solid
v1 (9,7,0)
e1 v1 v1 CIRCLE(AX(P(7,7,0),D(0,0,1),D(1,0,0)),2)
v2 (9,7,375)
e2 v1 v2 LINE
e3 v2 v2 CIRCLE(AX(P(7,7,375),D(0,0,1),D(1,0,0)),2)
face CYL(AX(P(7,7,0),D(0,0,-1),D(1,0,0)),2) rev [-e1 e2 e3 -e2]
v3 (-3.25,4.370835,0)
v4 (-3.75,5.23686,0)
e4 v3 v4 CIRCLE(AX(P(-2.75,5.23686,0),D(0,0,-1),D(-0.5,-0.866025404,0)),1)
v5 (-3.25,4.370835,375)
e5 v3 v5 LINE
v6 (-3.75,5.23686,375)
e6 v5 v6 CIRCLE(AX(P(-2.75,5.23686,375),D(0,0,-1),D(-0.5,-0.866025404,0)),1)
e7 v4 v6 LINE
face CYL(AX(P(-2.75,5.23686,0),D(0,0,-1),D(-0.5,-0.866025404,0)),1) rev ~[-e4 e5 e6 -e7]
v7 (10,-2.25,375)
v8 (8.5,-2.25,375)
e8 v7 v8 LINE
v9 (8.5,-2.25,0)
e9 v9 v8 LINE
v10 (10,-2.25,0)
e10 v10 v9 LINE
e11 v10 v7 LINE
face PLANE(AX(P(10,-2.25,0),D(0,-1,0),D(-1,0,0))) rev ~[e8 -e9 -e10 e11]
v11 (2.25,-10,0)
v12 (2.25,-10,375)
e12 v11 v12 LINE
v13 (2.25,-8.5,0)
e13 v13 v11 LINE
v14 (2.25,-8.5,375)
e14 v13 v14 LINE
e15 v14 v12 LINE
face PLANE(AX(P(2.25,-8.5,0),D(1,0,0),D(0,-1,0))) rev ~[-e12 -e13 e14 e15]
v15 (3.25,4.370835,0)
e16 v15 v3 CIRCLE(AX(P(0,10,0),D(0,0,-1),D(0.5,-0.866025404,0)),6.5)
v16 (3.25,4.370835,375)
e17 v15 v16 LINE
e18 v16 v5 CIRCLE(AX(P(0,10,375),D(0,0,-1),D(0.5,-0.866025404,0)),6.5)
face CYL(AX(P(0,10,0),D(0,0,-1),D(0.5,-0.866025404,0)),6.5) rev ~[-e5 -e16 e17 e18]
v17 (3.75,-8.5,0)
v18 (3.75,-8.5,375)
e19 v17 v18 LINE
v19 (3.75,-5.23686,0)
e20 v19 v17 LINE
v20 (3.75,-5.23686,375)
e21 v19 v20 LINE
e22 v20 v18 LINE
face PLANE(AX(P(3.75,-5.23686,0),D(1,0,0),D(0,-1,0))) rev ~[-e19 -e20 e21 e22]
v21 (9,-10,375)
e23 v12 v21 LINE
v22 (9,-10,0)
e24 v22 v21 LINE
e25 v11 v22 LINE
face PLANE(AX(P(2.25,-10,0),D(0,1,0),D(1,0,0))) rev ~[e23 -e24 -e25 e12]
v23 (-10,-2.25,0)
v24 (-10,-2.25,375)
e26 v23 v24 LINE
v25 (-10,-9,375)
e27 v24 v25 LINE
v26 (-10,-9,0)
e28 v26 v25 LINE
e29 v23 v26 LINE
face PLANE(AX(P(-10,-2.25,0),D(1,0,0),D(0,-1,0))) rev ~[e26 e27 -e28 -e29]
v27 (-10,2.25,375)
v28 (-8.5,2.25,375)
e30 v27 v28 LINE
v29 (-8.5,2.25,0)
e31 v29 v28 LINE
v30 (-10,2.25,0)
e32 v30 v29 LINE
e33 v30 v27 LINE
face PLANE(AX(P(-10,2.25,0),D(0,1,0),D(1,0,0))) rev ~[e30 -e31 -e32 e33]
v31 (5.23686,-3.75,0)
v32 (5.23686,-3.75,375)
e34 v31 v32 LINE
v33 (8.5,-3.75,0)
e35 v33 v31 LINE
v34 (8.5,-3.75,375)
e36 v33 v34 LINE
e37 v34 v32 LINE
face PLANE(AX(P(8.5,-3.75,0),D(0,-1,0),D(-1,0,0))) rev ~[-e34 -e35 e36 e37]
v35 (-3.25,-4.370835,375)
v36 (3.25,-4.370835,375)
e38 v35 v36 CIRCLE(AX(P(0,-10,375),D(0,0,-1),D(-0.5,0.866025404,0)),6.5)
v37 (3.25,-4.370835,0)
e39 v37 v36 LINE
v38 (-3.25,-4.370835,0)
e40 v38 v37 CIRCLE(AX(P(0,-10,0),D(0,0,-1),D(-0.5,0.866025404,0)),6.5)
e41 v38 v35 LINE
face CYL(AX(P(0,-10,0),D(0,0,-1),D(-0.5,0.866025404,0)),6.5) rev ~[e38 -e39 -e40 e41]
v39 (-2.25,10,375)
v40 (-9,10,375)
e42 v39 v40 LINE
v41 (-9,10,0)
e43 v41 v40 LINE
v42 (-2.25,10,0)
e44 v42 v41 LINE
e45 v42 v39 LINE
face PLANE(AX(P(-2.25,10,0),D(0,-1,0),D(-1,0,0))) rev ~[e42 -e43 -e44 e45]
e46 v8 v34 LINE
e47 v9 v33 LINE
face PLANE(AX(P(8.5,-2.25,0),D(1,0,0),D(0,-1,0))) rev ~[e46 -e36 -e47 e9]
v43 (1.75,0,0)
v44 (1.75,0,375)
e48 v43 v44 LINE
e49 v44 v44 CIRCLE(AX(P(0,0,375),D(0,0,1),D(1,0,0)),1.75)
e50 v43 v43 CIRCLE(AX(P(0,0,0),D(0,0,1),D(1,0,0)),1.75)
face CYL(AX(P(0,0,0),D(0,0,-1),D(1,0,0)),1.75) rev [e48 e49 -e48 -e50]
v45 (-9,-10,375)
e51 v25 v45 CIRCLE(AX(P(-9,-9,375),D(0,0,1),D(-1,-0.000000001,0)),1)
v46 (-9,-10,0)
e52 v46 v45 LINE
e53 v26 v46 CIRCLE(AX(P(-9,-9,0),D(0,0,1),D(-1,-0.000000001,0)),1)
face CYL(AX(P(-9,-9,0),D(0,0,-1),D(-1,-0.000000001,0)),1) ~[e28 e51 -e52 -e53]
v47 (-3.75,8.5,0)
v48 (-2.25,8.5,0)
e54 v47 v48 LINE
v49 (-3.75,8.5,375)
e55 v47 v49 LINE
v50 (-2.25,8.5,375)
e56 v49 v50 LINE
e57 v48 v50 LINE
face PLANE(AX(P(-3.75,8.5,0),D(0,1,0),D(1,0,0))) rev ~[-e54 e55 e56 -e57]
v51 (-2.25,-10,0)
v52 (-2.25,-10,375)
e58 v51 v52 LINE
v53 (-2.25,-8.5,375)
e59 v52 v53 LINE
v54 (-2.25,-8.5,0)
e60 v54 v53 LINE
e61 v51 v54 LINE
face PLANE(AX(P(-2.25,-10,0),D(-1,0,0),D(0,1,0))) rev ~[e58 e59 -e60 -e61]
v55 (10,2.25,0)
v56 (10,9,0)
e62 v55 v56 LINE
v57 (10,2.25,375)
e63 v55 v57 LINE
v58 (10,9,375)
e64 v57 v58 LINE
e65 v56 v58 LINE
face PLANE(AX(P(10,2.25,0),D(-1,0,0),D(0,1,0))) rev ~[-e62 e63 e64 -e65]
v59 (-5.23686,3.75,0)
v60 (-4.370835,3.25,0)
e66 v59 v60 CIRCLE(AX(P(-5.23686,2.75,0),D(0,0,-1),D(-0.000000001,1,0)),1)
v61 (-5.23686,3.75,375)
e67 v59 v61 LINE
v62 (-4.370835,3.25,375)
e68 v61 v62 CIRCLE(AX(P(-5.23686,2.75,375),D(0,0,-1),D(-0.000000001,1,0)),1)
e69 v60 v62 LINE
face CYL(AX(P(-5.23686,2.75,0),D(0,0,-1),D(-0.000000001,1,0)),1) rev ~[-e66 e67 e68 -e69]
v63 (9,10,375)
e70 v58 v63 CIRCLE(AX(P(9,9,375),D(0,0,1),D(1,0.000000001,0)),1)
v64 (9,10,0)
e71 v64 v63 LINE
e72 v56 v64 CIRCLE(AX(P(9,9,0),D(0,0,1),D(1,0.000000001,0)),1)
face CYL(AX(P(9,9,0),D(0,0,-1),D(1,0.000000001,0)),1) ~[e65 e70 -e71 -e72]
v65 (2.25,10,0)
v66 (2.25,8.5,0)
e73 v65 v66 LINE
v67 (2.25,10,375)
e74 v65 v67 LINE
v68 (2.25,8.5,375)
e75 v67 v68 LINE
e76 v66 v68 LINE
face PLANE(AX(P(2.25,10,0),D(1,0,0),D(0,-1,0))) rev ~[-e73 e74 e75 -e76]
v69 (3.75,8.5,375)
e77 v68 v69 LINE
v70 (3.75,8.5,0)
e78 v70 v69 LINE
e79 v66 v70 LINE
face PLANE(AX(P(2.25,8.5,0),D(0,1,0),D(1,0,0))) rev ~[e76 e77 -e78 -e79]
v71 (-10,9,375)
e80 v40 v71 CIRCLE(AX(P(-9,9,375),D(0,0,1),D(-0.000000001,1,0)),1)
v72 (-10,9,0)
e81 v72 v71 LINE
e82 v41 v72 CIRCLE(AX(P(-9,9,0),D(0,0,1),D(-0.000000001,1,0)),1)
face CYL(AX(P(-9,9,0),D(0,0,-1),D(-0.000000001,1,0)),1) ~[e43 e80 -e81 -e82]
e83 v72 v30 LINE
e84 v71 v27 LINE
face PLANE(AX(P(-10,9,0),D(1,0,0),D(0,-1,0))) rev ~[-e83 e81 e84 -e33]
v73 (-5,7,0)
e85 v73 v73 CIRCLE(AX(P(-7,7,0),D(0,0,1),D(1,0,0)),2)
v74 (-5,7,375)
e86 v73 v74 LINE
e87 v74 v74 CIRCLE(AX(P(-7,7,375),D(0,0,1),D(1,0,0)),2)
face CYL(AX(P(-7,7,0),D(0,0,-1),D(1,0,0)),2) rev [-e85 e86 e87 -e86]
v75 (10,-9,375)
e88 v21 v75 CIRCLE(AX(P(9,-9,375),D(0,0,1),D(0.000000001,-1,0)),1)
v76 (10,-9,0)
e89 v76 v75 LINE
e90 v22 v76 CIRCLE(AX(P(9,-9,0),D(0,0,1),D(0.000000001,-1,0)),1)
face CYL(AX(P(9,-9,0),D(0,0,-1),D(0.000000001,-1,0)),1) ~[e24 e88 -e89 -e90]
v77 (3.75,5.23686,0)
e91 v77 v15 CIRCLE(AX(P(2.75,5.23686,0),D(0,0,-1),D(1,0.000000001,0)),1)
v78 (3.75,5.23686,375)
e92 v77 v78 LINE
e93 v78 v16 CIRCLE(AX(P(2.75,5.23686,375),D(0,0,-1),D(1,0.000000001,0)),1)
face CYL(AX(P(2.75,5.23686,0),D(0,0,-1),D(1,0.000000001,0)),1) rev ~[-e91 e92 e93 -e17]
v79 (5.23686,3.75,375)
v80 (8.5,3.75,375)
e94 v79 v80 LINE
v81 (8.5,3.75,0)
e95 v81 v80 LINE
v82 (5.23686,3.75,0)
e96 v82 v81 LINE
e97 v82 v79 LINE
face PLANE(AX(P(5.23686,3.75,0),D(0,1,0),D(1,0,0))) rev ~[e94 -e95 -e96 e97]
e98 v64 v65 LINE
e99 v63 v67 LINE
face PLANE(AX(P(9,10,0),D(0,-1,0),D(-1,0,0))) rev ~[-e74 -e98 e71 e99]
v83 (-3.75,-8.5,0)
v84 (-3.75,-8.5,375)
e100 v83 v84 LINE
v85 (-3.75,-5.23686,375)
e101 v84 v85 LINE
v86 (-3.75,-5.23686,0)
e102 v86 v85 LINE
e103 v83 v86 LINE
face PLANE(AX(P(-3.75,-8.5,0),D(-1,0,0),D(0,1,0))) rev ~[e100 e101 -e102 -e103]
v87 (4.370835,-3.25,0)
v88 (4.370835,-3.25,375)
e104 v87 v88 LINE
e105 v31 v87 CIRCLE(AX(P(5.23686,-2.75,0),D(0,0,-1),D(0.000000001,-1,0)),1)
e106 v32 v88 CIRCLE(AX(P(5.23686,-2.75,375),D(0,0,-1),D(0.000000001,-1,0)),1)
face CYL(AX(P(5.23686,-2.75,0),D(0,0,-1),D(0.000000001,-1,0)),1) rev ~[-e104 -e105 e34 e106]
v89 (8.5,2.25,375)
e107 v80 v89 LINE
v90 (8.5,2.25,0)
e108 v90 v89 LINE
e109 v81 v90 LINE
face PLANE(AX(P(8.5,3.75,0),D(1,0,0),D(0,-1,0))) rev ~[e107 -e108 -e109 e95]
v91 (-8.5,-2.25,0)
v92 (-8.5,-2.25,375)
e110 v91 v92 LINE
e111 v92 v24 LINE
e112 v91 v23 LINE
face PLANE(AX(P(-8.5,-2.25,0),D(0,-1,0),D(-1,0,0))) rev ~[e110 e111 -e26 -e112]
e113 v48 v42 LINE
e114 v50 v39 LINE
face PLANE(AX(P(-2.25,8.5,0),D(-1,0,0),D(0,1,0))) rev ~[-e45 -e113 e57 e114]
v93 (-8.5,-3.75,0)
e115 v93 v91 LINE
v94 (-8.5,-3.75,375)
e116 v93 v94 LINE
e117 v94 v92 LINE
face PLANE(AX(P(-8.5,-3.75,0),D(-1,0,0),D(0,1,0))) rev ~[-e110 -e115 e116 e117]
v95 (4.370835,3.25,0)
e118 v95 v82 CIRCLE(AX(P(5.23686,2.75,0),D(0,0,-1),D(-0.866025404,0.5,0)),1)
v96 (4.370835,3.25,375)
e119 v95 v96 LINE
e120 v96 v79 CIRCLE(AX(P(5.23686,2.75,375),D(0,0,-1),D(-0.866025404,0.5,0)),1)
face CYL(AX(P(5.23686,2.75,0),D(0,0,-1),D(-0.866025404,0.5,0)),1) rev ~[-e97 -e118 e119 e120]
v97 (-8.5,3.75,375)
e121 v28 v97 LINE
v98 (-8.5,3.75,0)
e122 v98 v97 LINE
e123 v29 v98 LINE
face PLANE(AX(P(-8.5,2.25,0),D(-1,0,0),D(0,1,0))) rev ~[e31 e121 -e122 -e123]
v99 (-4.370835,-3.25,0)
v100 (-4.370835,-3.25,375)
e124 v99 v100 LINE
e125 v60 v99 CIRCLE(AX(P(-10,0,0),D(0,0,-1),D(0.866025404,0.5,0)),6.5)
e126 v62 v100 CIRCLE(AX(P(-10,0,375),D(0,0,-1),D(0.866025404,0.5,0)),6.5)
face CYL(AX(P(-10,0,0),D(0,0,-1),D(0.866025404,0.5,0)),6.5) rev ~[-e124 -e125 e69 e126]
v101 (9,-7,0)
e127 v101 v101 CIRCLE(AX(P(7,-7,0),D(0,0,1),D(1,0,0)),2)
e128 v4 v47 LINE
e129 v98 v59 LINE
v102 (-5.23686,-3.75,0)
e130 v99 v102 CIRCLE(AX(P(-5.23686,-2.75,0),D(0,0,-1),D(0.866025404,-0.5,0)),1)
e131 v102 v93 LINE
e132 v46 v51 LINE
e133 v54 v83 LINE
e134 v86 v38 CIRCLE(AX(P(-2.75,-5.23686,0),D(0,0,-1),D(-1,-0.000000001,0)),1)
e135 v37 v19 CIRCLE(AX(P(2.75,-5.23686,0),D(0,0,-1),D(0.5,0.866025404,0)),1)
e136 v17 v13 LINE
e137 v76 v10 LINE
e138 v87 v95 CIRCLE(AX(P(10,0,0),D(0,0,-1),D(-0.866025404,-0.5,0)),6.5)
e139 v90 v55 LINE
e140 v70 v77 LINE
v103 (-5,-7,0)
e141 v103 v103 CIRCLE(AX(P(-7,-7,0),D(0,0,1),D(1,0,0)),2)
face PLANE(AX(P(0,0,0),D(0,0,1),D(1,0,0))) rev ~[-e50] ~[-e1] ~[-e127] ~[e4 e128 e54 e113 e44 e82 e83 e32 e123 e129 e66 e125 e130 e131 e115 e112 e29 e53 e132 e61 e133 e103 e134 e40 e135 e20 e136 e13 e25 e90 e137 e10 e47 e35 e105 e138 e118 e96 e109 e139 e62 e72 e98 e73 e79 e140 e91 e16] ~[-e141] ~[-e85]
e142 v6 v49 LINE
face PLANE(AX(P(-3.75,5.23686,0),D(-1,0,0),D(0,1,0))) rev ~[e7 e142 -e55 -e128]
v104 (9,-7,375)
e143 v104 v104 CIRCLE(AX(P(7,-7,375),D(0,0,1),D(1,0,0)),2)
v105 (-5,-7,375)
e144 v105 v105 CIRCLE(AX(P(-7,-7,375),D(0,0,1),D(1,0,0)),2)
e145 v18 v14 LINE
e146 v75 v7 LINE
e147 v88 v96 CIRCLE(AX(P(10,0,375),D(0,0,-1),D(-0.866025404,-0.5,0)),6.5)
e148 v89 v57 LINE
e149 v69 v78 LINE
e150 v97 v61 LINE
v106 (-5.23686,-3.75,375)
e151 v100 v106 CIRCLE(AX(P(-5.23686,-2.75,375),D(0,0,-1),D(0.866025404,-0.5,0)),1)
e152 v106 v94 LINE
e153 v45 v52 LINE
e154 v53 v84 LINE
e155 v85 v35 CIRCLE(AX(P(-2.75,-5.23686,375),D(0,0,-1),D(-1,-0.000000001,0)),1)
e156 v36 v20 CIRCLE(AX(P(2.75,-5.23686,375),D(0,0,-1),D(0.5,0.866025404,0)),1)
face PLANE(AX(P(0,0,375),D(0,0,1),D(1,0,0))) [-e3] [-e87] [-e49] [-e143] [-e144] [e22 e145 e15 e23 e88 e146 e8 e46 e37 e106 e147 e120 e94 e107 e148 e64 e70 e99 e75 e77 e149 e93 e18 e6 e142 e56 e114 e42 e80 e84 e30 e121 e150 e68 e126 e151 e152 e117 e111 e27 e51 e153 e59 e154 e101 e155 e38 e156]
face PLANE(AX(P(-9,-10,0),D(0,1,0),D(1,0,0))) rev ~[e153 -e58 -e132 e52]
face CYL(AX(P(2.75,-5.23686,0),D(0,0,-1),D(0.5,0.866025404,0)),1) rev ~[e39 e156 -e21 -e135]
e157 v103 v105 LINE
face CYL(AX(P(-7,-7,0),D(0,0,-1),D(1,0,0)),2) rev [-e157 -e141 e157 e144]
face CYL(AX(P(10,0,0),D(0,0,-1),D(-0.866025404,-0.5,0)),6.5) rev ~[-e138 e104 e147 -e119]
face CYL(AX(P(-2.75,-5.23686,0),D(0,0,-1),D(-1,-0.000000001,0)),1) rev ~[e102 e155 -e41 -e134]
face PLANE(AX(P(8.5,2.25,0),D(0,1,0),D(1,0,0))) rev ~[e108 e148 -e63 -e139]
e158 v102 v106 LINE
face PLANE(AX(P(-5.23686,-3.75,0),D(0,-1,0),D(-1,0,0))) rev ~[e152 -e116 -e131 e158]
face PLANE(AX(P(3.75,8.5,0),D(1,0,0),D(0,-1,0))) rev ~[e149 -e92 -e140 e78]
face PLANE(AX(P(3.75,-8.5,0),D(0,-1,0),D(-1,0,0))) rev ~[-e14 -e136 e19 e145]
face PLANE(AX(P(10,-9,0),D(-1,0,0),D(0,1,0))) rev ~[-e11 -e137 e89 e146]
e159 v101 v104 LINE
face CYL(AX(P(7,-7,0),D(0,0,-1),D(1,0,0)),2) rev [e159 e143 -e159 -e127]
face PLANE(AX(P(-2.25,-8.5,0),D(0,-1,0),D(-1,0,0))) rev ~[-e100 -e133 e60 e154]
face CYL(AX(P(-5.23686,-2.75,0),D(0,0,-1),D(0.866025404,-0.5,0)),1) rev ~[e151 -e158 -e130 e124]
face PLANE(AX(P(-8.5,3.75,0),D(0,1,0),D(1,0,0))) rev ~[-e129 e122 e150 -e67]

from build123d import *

# Parameters (mm, degrees)
SKETCH1_R           = 2
SKETCH1_R_2         = 1.75
BOSS_EXTRUDE1_DEPTH = 375


with BuildPart() as part:
    # Sketch1 → Boss-Extrude1 (new body)
    with BuildSketch(Plane.XY):
        with BuildLine():
            Line((-10, 9), (-10, 2.25))
            Line((-10, 2.25), (-8.5, 2.25))
            Line((-8.5, 2.25), (-8.5, 3.75))
            Line((-8.5, 3.75), (-5.236860279, 3.75))
            ThreePointArc((-5.236860279, 3.75), (-4.736860279, 3.616025404), (-4.370834875, 3.25))
            ThreePointArc((-4.370834875, 3.25), (-3.5, 0), (-4.370834875, -3.25))
            ThreePointArc((-4.370834875, -3.25), (-4.736860279, -3.616025404), (-5.236860279, -3.75))
            Line((-5.236860279, -3.75), (-8.5, -3.75))
            Line((-8.5, -3.75), (-8.5, -2.25))
            Line((-8.5, -2.25), (-10, -2.25))
            Line((-10, -2.25), (-10, -9))
            ThreePointArc((-10, -9), (-9.707106781, -9.707106781), (-9, -10))
            Line((-9, -10), (-2.25, -10))
            Line((-2.25, -10), (-2.25, -8.5))
            Line((-2.25, -8.5), (-3.75, -8.5))
            Line((-3.75, -8.5), (-3.75, -5.236860279))
            ThreePointArc((-3.75, -5.236860279), (-3.616025404, -4.736860279), (-3.25, -4.370834875))
            ThreePointArc((-3.25, -4.370834875), (0, -3.5), (3.25, -4.370834875))
            ThreePointArc((3.25, -4.370834875), (3.616025404, -4.736860279), (3.75, -5.236860279))
            Line((3.75, -5.236860279), (3.75, -8.5))
            Line((3.75, -8.5), (2.25, -8.5))
            Line((2.25, -8.5), (2.25, -10))
            Line((2.25, -10), (9, -10))
            ThreePointArc((9, -10), (9.707106781, -9.707106781), (10, -9))
            Line((10, -9), (10, -2.25))
            Line((10, -2.25), (8.5, -2.25))
            Line((8.5, -2.25), (8.5, -3.75))
            Line((8.5, -3.75), (5.236860279, -3.75))
            ThreePointArc((5.236860279, -3.75), (4.736860279, -3.616025404), (4.370834875, -3.25))
            ThreePointArc((4.370834875, -3.25), (3.5, 0), (4.370834875, 3.25))
            ThreePointArc((4.370834875, 3.25), (4.736860279, 3.616025404), (5.236860279, 3.75))
            Line((5.236860279, 3.75), (8.5, 3.75))
            Line((8.5, 3.75), (8.5, 2.25))
            Line((8.5, 2.25), (10, 2.25))
            Line((10, 2.25), (10, 9))
            ThreePointArc((10, 9), (9.707106781, 9.707106781), (9, 10))
            Line((9, 10), (2.25, 10))
            Line((2.25, 10), (2.25, 8.5))
            Line((2.25, 8.5), (3.75, 8.5))
            Line((3.75, 8.5), (3.75, 5.236860279))
            ThreePointArc((3.75, 5.236860279), (3.616025404, 4.736860279), (3.25, 4.370834875))
            ThreePointArc((3.25, 4.370834875), (0, 3.5), (-3.25, 4.370834875))
            ThreePointArc((-3.25, 4.370834875), (-3.616025404, 4.736860279), (-3.75, 5.236860279))
            Line((-3.75, 5.236860279), (-3.75, 8.5))
            Line((-3.75, 8.5), (-2.25, 8.5))
            Line((-2.25, 8.5), (-2.25, 10))
            Line((-2.25, 10), (-9, 10))
            ThreePointArc((-9, 10), (-9.707106781, 9.707106781), (-10, 9))
        make_face()
        with Locations((-7, -7)):
            Circle(SKETCH1_R, mode=Mode.SUBTRACT)
        with Locations((7, -7)):
            Circle(SKETCH1_R, mode=Mode.SUBTRACT)
        with Locations((7, 7)):
            Circle(SKETCH1_R, mode=Mode.SUBTRACT)
        Circle(SKETCH1_R_2, mode=Mode.SUBTRACT)
        with Locations((-7, 7)):
            Circle(SKETCH1_R, mode=Mode.SUBTRACT)
    extrude(amount=BOSS_EXTRUDE1_DEPTH)


solid = part.part
